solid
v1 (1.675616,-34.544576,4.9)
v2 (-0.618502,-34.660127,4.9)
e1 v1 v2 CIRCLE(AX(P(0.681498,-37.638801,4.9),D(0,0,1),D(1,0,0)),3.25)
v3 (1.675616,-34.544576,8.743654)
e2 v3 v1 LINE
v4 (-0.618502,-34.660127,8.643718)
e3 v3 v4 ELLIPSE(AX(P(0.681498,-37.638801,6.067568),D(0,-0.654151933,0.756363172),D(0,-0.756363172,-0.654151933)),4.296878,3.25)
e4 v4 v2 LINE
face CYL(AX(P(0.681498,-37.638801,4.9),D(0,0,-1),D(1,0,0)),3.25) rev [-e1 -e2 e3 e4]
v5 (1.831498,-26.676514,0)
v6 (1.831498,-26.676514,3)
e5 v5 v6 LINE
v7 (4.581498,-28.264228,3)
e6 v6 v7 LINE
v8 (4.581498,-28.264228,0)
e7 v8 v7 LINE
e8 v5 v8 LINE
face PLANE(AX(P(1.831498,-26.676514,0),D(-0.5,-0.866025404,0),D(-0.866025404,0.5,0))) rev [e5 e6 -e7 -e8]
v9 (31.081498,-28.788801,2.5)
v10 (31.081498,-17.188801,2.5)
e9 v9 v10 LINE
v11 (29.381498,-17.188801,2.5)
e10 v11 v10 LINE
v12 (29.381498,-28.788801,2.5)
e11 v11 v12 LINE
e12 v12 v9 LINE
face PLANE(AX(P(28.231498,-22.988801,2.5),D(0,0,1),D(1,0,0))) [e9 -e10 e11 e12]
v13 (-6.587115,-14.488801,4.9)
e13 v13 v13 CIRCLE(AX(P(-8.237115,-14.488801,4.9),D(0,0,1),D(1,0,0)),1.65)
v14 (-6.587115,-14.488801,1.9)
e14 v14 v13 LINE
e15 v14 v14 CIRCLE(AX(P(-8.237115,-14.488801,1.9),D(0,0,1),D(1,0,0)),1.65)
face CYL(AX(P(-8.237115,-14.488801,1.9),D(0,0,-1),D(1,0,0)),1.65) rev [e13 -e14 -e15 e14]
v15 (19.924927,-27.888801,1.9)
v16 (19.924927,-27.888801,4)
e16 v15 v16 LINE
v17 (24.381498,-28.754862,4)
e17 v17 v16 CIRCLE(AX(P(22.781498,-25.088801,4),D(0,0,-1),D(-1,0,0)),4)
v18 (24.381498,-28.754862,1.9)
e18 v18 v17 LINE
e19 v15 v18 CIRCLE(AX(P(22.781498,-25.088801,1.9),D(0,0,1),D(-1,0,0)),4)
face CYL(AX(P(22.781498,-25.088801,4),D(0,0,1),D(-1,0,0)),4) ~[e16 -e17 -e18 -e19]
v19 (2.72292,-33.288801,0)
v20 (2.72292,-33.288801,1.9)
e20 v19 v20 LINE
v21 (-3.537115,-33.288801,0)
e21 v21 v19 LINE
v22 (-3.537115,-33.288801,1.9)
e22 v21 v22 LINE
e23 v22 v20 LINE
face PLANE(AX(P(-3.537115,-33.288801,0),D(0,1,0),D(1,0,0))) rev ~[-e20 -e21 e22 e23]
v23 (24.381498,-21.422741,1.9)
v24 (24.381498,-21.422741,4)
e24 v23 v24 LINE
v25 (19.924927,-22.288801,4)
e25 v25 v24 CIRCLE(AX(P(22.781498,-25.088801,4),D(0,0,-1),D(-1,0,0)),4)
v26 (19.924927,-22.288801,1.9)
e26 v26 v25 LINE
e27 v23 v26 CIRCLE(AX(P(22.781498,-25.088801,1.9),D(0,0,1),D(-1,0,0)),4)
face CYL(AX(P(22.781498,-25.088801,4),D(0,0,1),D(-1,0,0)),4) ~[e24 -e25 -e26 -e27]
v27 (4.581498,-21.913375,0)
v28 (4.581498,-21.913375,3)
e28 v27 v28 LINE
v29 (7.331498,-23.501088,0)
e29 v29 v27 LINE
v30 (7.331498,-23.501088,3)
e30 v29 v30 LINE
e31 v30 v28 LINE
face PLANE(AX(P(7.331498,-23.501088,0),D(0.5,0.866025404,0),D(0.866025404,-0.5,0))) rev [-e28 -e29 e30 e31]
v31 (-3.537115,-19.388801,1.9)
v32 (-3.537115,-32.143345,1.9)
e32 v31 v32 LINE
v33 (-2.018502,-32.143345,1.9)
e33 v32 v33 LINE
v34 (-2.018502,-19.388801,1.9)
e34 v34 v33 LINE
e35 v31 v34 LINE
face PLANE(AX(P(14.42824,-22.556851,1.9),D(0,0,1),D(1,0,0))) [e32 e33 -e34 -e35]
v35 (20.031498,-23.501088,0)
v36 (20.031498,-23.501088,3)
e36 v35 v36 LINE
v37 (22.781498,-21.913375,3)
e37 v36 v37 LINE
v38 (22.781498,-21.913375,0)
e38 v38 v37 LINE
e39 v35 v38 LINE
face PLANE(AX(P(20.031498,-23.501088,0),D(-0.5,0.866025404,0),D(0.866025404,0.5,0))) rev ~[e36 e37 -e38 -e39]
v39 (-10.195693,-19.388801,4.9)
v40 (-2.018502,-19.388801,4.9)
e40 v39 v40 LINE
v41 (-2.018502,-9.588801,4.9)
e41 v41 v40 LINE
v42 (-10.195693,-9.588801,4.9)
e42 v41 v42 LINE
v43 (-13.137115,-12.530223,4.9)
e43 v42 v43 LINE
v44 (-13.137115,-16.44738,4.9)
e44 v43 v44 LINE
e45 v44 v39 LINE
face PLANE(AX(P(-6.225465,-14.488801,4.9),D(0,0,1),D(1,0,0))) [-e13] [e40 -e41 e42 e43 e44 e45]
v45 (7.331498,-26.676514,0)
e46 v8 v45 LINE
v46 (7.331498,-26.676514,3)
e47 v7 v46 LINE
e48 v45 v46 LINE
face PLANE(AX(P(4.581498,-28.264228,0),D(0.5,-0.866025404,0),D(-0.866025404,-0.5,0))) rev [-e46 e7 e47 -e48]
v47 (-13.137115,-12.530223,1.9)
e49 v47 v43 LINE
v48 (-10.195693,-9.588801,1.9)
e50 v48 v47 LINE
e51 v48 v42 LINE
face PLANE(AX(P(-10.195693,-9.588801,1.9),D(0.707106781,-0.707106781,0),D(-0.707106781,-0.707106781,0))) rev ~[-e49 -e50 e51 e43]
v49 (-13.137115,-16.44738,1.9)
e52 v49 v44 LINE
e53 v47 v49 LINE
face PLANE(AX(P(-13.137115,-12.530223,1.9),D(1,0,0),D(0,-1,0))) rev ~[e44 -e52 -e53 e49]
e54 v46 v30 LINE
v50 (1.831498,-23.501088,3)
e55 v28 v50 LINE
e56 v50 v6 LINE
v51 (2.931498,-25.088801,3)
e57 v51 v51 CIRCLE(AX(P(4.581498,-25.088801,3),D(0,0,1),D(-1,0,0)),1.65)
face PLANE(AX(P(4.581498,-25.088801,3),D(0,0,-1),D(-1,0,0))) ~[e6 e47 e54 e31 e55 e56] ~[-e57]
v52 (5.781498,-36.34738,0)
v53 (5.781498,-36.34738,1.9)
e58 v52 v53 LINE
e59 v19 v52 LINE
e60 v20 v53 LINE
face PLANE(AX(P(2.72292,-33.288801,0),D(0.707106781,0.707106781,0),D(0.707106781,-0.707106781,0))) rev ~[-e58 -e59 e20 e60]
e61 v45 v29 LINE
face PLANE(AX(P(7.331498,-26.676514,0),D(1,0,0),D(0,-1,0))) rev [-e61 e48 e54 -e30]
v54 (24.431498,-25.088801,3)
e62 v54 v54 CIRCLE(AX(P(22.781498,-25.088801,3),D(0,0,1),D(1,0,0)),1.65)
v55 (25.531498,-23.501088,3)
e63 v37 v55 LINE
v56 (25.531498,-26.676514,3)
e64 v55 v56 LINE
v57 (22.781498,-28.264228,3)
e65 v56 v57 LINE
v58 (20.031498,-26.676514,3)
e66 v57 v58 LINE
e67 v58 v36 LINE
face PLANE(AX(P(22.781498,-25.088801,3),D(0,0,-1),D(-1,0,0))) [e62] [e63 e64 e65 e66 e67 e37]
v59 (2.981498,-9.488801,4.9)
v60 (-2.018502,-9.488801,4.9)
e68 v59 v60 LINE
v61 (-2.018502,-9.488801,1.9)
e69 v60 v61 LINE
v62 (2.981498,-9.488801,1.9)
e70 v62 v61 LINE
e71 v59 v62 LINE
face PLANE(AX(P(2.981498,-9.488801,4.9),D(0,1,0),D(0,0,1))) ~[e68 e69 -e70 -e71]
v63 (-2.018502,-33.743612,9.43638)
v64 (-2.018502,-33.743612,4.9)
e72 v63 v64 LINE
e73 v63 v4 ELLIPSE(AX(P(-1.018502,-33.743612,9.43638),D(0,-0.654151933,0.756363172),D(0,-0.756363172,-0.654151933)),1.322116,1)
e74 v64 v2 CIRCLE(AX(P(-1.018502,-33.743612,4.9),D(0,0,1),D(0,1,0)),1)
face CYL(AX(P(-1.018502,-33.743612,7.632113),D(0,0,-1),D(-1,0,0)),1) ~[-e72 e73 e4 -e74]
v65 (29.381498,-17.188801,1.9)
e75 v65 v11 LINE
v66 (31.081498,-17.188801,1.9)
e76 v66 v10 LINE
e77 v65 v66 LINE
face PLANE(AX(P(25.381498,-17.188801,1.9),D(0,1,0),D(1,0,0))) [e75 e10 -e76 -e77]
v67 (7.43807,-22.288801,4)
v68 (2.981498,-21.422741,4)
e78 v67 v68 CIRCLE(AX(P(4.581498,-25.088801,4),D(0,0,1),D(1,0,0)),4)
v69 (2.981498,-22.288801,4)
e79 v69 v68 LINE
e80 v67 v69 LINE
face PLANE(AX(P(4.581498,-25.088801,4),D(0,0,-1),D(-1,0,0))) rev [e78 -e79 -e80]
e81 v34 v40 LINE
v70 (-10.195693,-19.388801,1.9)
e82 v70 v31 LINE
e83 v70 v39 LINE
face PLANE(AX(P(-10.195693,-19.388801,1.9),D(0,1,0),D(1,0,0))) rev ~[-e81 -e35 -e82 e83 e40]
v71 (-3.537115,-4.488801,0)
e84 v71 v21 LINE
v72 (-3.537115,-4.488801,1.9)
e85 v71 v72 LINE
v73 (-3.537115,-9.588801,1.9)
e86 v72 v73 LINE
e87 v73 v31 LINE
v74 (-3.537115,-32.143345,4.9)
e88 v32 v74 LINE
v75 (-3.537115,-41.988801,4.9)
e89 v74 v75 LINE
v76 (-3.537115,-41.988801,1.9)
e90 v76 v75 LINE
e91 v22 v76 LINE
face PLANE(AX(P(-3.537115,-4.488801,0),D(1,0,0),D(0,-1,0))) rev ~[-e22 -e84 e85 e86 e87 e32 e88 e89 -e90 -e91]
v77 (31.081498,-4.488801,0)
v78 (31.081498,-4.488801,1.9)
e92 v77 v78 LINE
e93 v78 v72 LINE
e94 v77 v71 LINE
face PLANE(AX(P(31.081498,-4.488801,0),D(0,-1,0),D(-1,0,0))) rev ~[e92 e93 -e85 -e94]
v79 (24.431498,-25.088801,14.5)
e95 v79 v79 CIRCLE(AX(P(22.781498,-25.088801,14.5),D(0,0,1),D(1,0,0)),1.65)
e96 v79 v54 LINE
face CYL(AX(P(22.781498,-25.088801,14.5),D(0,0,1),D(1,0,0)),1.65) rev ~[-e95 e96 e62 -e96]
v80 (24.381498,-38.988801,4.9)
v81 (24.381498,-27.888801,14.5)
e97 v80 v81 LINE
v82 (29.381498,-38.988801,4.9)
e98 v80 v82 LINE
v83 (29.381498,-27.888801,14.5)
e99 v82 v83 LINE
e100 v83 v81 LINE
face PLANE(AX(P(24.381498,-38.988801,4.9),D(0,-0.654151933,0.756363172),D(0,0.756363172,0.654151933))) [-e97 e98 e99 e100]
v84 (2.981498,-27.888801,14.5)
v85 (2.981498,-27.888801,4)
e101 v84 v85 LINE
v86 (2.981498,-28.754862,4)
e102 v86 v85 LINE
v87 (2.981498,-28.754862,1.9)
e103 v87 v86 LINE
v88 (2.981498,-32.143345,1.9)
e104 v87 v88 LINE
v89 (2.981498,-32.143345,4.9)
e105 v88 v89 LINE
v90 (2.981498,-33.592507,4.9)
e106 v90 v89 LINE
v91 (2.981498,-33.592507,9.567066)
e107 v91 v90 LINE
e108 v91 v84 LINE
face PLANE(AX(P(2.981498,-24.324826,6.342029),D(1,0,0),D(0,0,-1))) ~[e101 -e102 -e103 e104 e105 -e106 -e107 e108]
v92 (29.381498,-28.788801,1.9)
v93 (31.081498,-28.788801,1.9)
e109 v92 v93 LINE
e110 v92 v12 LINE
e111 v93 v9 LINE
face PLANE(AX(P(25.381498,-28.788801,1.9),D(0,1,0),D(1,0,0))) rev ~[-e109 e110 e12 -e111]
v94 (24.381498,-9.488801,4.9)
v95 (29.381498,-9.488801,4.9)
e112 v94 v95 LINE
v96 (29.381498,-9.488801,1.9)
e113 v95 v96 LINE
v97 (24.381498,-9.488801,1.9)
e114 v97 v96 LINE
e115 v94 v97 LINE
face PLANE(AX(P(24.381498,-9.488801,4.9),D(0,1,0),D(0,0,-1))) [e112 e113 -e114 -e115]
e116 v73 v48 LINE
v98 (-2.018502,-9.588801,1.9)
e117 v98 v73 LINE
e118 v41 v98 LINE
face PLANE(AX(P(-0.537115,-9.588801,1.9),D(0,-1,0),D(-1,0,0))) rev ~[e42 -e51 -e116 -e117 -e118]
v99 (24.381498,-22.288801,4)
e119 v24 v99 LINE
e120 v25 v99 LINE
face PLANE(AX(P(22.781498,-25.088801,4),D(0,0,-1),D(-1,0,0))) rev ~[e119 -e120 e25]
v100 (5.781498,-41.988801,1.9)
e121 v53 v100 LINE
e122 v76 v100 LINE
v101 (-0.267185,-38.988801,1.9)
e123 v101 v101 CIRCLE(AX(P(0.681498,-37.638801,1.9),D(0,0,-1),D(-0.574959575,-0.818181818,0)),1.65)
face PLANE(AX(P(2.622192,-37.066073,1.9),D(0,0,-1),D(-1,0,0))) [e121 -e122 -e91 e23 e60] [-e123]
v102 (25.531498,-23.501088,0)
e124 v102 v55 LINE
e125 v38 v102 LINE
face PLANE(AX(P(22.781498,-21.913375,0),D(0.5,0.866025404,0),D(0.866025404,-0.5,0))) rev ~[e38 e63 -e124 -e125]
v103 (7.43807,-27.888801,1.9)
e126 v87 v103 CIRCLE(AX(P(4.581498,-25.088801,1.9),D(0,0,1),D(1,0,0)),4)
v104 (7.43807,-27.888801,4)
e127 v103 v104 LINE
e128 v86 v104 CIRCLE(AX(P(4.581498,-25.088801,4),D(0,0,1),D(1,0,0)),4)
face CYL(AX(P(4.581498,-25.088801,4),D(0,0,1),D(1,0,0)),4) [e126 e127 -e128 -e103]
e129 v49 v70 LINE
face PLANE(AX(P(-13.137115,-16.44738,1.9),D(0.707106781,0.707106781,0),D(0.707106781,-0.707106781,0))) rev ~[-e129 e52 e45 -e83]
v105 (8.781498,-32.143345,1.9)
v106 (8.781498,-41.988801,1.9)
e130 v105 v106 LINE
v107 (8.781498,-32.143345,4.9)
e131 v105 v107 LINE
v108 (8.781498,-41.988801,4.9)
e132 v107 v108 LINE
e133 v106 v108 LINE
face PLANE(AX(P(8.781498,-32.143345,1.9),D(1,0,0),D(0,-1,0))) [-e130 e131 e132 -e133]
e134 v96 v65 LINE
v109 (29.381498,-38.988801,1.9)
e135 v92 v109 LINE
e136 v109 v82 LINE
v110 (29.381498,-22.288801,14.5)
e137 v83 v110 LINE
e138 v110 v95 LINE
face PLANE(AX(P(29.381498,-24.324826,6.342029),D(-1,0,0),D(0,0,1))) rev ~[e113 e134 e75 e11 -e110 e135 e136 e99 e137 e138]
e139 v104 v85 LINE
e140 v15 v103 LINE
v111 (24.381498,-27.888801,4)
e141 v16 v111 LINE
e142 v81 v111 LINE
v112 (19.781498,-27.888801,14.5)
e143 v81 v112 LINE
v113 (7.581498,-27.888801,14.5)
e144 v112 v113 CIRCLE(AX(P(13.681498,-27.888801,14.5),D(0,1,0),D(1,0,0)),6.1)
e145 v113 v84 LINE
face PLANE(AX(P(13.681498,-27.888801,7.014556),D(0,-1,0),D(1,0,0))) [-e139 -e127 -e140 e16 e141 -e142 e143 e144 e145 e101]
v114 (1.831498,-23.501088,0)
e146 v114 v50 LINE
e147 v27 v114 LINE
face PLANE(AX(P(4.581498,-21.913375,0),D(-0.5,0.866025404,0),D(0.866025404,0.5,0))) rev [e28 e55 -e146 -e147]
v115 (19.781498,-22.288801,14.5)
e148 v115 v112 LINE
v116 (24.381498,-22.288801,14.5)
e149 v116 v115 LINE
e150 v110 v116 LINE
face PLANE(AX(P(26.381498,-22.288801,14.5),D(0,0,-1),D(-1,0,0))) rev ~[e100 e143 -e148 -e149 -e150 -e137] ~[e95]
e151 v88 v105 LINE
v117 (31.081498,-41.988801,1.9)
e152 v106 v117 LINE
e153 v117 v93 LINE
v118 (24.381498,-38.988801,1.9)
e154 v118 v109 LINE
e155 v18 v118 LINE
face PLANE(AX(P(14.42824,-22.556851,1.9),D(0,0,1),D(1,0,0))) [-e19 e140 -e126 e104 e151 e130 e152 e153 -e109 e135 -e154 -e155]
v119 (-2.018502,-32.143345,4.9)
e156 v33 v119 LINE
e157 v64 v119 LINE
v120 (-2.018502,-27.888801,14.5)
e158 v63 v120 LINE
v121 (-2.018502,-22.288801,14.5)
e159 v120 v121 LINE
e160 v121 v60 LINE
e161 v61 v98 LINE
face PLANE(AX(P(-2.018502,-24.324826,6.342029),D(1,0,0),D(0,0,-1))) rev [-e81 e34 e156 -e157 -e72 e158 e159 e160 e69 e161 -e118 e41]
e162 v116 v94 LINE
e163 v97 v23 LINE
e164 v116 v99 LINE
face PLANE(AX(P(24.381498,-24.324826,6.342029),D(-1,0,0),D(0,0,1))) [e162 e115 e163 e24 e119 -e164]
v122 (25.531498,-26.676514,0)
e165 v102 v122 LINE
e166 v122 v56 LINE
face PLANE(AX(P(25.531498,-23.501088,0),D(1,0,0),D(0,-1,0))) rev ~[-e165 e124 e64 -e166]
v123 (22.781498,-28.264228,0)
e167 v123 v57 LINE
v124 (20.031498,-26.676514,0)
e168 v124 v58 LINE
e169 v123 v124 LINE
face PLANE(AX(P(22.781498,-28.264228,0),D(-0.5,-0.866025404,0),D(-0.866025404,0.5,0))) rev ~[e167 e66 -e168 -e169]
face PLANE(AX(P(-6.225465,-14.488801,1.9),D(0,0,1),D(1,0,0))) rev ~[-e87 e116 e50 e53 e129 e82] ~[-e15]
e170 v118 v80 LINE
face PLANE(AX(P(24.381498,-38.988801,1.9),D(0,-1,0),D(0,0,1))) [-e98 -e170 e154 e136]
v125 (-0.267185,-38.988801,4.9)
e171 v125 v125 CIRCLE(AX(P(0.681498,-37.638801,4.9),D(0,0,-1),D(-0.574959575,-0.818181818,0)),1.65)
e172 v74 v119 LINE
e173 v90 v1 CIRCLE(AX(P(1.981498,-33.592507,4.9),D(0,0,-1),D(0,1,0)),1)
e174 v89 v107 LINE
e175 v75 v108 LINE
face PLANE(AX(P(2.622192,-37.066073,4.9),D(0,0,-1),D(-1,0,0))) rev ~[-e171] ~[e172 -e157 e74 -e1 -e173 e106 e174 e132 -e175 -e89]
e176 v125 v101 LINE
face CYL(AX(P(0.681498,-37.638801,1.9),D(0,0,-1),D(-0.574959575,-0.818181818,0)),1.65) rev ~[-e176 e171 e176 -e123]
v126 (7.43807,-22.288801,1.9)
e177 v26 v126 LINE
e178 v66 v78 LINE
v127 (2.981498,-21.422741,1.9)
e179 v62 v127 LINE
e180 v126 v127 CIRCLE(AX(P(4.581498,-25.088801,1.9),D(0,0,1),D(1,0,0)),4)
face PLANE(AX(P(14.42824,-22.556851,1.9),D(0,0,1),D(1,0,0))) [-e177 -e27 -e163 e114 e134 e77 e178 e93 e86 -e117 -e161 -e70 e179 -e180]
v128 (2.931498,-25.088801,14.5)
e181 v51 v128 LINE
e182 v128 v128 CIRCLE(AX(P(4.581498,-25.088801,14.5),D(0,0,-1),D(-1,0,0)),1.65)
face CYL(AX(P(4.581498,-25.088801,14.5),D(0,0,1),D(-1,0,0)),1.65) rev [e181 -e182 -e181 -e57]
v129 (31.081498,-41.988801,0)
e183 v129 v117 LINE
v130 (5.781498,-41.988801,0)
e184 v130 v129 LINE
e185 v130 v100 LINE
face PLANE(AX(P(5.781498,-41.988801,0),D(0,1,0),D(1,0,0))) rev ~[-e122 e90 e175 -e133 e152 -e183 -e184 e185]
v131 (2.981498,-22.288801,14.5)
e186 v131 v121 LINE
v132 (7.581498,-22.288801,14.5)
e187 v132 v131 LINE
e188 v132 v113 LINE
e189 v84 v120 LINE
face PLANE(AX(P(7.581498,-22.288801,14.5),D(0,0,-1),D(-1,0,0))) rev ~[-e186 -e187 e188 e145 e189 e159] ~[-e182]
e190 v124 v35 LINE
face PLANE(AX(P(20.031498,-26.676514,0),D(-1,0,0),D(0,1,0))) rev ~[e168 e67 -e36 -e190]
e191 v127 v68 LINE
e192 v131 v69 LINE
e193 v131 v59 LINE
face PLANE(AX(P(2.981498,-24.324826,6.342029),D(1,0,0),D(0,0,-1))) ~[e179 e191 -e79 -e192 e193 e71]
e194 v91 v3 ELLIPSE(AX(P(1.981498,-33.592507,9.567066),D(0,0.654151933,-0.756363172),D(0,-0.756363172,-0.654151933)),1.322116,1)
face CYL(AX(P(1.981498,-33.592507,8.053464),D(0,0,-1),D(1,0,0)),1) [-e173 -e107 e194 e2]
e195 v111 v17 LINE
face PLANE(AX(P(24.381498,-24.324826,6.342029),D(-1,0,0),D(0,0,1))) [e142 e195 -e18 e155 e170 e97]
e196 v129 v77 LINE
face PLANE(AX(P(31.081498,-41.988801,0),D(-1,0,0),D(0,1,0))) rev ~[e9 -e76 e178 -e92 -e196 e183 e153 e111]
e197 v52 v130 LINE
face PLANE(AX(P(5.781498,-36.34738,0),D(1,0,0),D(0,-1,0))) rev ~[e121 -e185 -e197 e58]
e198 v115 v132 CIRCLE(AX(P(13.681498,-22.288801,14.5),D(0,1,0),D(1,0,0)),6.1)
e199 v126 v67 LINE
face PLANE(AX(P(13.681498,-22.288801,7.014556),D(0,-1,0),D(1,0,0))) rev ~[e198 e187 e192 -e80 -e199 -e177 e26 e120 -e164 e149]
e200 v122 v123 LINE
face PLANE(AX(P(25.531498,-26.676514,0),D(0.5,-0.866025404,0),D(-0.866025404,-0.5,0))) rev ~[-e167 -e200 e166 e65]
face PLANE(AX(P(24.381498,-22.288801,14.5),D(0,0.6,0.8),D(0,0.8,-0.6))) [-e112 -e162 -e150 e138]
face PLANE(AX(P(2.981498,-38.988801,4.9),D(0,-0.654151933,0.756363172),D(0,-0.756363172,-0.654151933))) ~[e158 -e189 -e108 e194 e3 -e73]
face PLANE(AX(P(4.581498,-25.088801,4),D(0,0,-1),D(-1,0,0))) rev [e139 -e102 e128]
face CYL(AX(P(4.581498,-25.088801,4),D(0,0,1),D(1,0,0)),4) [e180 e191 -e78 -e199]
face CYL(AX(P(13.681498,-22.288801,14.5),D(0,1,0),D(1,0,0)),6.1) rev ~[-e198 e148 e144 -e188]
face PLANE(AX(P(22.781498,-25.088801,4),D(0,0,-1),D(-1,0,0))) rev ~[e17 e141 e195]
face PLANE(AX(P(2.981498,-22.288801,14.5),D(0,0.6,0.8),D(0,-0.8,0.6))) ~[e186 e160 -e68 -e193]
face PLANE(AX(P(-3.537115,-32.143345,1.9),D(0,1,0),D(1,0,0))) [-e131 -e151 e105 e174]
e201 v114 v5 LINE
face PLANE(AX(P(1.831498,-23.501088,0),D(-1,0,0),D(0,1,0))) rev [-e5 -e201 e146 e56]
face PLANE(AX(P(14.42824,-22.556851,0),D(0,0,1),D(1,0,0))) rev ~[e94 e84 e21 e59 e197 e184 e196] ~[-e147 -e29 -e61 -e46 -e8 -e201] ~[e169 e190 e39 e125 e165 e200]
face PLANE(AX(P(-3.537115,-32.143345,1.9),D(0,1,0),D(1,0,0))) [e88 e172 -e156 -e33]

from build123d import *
from build123d.topology import SkipClean

# Parameters (mm, degrees)
BOSS_EXTRUDE1_START = 0.2
BOSS_EXTRUDE1_DEPTH = 5.6
BOSS_EXTRUDE2_DEPTH = 1.9
SKETCH5_R           = 1.65
BOSS_EXTRUDE3_DEPTH = 3
SKETCH6_W           = 5.7
SKETCH6_H           = 11.6
BOSS_EXTRUDE4_DEPTH = 0.6
BOSS_EXTRUDE5_START = -2
BOSS_EXTRUDE5_DEPTH = 5
SKETCH3_R           = 1.65
CUT_EXTRUDE1_DEPTH  = 50
BOSS_EXTRUDE6_START = -4
SKETCH10_R          = 4
SKETCH10_R_2        = 1.65
BOSS_EXTRUDE6_DEPTH = 4
CUT_EXTRUDE3_DEPTH  = 3
SKETCH13_R          = 1.65
CUT_EXTRUDE4_DEPTH  = 10
SKETCH14_R          = 3.25
CUT_EXTRUDE5_DEPTH  = 10
FILLET1_R           = 1


with BuildPart() as part:
    # Sketch2 → Boss-Extrude1 (new body)
    with BuildSketch(Plane.XZ.offset(22.088801204).offset(BOSS_EXTRUDE1_START)):
        with BuildLine():
            ThreePointArc((19.781498191, 14.5), (13.681498191, 8.4), (7.581498191, 14.5))
            Line((7.581498191, 14.5), (2.581498191, 14.5))
            Line((2.581498191, 14.5), (0.981498191, 14.5))
            Line((0.981498191, 14.5), (0.981498191, 0))
            Line((0.981498191, 0), (26.381498191, 0))
            Line((26.381498191, 0), (26.381498191, 14.5))
            Line((26.381498191, 14.5), (24.781498191, 14.5))
            Line((24.781498191, 14.5), (19.781498191, 14.5))
        make_face()
    extrude(amount=BOSS_EXTRUDE1_DEPTH)

    # Sketch4 → Boss-Extrude2 (add)
    with BuildSketch(Plane.XY):
        Polygon((5.781498191, -39.638801204), (5.781498191, -41.988801204), (31.081498191, -41.988801204), (31.081498191, -4.488801204), (-3.537114605, -4.488801204), (-3.537114605, -33.288801204), (2.722919547, -33.288801204), (5.781498191, -36.347379848), align=None)
    extrude(amount=BOSS_EXTRUDE2_DEPTH)

    # Sketch5 → Boss-Extrude3 (add)
    # profile 1 of 2: a face of its own
    with BuildSketch(Plane.XY.offset(1.9)):
        Polygon((-3.737114605, -9.588801204), (-10.195693249, -9.588801204), (-13.137114605, -12.53022256), (-13.137114605, -16.447379848), (-10.195693249, -19.388801204), (-3.737114605, -19.388801204), (-0.537114605, -19.388801204), (-0.537114605, -9.588801204), align=None)
        with Locations((-8.237114605, -14.488801204)):
            Circle(SKETCH5_R, mode=Mode.SUBTRACT)
    # profile 2 of 2: a face of its own
    with BuildSketch(Plane.XY.offset(1.9)):
        Polygon((5.781498191, -41.988801204), (-3.537114605, -41.988801204), (-3.537114605, -33.488801204), (-3.537114605, -32.143344659), (8.781498191, -32.143344659), (8.781498191, -41.988801204), align=None)
        with Locations((0.681498191, -37.638801204)):
            Circle(SKETCH5_R, mode=Mode.SUBTRACT)
    extrude(amount=BOSS_EXTRUDE3_DEPTH)

    # Sketch6 → Boss-Extrude4 (add)
    with BuildSketch(Plane.XY.offset(1.9)):
        with Locations((28.231498191, -22.988801204)):
            Rectangle(SKETCH6_W, SKETCH6_H)
    extrude(amount=BOSS_EXTRUDE4_DEPTH)

    # Sketch9 → Boss-Extrude5 (add)
    with BuildSketch(Plane(origin=(26.381498191, 0, 0), x_dir=(0, 0, -1), z_dir=(1, 0, 0)).offset(BOSS_EXTRUDE5_START)):
        Polygon((-1.9, -38.988801204), (-4.9, -38.988801204), (-14.5, -27.888801204), (-14.5, -22.288801204), (-4.9, -9.488801204), (-1.9, -9.488801204), align=None)
    boss_extrude5 = extrude(amount=BOSS_EXTRUDE5_DEPTH)

    # Sketch3 → Cut-Extrude1 (cut)
    with BuildSketch(Plane.XY.offset(14.5)):
        with Locations((22.781498191, -25.088801204)):
            Circle(SKETCH3_R)
    cut_extrude1 = extrude(amount=-CUT_EXTRUDE1_DEPTH, mode=Mode.SUBTRACT)

    # Sketch10 → Boss-Extrude6 (add)
    with BuildSketch(Plane(origin=(0, 0, 0), x_dir=(-1, 0, 0), z_dir=(0, 0, -1)).offset(BOSS_EXTRUDE6_START)):
        with Locations((-22.781498191, -25.088801204)):
            Circle(SKETCH10_R)
        with Locations(Location((-22.781498191, -25.088801204, 0), (0, 0, 180))):
            Circle(SKETCH10_R_2, mode=Mode.SUBTRACT)
    boss_extrude6 = extrude(amount=BOSS_EXTRUDE6_DEPTH)

    # Sketch11 → Cut-Extrude3 (cut)
    with BuildSketch(Plane(origin=(0, 0, 0), x_dir=(-1, 0, 0), z_dir=(0, 0, -1))):
        Polygon((-22.781498191, -21.913374723), (-25.531498191, -23.501087964), (-25.531498191, -26.676514444), (-22.781498191, -28.264227685), (-20.031498191, -26.676514444), (-20.031498191, -23.501087964), align=None)
    cut_extrude3 = extrude(amount=-CUT_EXTRUDE3_DEPTH, mode=Mode.SUBTRACT)

    # Mirror1: Boss-Extrude5, Cut-Extrude1, Boss-Extrude6, Cut-Extrude3 across plane
    add(boss_extrude5.mirror(Plane(origin=(13.681498191, 0, 0), x_dir=(0, 0, 1), z_dir=(1, 0, 0))))
    add(cut_extrude1.mirror(Plane(origin=(13.681498191, 0, 0), x_dir=(0, 0, 1), z_dir=(1, 0, 0))), mode=Mode.SUBTRACT)
    add(boss_extrude6.mirror(Plane(origin=(13.681498191, 0, 0), x_dir=(0, 0, 1), z_dir=(1, 0, 0))))
    add(cut_extrude3.mirror(Plane(origin=(13.681498191, 0, 0), x_dir=(0, 0, 1), z_dir=(1, 0, 0))), mode=Mode.SUBTRACT)

    # Sketch13 → Cut-Extrude4 (cut)
    with SkipClean():  # the faces are left unmerged after this step: merging them gives an invalid solid
        with BuildSketch(Plane(origin=(0, 0, 1.9), x_dir=(-1, 0, 0), z_dir=(0, 0, -1))):
            with Locations(Location((-0.681498191, -37.638801204, 0), (0, 0, 305.096801228))):
                Circle(SKETCH13_R)
        extrude(amount=-CUT_EXTRUDE4_DEPTH, mode=Mode.SUBTRACT)

    # Sketch14 → Cut-Extrude5 (cut)
    with SkipClean():  # the faces are left unmerged after this step: merging them gives an invalid solid
        with BuildSketch(Plane.XY.offset(4.9)):
            with Locations((0.681498191, -37.638801204)):
                Circle(SKETCH14_R)
        extrude(amount=CUT_EXTRUDE5_DEPTH, mode=Mode.SUBTRACT)

    # Fillet1
    fillet1_edges = [part.edges().sort_by_distance(p)[0] for p in [
        (2.981498191, -35.342608703, 6.476731892),
        (-2.018501809, -35.829795952, 6.266056325),
    ]]
    fillet(fillet1_edges, radius=FILLET1_R)


solid = part.part
